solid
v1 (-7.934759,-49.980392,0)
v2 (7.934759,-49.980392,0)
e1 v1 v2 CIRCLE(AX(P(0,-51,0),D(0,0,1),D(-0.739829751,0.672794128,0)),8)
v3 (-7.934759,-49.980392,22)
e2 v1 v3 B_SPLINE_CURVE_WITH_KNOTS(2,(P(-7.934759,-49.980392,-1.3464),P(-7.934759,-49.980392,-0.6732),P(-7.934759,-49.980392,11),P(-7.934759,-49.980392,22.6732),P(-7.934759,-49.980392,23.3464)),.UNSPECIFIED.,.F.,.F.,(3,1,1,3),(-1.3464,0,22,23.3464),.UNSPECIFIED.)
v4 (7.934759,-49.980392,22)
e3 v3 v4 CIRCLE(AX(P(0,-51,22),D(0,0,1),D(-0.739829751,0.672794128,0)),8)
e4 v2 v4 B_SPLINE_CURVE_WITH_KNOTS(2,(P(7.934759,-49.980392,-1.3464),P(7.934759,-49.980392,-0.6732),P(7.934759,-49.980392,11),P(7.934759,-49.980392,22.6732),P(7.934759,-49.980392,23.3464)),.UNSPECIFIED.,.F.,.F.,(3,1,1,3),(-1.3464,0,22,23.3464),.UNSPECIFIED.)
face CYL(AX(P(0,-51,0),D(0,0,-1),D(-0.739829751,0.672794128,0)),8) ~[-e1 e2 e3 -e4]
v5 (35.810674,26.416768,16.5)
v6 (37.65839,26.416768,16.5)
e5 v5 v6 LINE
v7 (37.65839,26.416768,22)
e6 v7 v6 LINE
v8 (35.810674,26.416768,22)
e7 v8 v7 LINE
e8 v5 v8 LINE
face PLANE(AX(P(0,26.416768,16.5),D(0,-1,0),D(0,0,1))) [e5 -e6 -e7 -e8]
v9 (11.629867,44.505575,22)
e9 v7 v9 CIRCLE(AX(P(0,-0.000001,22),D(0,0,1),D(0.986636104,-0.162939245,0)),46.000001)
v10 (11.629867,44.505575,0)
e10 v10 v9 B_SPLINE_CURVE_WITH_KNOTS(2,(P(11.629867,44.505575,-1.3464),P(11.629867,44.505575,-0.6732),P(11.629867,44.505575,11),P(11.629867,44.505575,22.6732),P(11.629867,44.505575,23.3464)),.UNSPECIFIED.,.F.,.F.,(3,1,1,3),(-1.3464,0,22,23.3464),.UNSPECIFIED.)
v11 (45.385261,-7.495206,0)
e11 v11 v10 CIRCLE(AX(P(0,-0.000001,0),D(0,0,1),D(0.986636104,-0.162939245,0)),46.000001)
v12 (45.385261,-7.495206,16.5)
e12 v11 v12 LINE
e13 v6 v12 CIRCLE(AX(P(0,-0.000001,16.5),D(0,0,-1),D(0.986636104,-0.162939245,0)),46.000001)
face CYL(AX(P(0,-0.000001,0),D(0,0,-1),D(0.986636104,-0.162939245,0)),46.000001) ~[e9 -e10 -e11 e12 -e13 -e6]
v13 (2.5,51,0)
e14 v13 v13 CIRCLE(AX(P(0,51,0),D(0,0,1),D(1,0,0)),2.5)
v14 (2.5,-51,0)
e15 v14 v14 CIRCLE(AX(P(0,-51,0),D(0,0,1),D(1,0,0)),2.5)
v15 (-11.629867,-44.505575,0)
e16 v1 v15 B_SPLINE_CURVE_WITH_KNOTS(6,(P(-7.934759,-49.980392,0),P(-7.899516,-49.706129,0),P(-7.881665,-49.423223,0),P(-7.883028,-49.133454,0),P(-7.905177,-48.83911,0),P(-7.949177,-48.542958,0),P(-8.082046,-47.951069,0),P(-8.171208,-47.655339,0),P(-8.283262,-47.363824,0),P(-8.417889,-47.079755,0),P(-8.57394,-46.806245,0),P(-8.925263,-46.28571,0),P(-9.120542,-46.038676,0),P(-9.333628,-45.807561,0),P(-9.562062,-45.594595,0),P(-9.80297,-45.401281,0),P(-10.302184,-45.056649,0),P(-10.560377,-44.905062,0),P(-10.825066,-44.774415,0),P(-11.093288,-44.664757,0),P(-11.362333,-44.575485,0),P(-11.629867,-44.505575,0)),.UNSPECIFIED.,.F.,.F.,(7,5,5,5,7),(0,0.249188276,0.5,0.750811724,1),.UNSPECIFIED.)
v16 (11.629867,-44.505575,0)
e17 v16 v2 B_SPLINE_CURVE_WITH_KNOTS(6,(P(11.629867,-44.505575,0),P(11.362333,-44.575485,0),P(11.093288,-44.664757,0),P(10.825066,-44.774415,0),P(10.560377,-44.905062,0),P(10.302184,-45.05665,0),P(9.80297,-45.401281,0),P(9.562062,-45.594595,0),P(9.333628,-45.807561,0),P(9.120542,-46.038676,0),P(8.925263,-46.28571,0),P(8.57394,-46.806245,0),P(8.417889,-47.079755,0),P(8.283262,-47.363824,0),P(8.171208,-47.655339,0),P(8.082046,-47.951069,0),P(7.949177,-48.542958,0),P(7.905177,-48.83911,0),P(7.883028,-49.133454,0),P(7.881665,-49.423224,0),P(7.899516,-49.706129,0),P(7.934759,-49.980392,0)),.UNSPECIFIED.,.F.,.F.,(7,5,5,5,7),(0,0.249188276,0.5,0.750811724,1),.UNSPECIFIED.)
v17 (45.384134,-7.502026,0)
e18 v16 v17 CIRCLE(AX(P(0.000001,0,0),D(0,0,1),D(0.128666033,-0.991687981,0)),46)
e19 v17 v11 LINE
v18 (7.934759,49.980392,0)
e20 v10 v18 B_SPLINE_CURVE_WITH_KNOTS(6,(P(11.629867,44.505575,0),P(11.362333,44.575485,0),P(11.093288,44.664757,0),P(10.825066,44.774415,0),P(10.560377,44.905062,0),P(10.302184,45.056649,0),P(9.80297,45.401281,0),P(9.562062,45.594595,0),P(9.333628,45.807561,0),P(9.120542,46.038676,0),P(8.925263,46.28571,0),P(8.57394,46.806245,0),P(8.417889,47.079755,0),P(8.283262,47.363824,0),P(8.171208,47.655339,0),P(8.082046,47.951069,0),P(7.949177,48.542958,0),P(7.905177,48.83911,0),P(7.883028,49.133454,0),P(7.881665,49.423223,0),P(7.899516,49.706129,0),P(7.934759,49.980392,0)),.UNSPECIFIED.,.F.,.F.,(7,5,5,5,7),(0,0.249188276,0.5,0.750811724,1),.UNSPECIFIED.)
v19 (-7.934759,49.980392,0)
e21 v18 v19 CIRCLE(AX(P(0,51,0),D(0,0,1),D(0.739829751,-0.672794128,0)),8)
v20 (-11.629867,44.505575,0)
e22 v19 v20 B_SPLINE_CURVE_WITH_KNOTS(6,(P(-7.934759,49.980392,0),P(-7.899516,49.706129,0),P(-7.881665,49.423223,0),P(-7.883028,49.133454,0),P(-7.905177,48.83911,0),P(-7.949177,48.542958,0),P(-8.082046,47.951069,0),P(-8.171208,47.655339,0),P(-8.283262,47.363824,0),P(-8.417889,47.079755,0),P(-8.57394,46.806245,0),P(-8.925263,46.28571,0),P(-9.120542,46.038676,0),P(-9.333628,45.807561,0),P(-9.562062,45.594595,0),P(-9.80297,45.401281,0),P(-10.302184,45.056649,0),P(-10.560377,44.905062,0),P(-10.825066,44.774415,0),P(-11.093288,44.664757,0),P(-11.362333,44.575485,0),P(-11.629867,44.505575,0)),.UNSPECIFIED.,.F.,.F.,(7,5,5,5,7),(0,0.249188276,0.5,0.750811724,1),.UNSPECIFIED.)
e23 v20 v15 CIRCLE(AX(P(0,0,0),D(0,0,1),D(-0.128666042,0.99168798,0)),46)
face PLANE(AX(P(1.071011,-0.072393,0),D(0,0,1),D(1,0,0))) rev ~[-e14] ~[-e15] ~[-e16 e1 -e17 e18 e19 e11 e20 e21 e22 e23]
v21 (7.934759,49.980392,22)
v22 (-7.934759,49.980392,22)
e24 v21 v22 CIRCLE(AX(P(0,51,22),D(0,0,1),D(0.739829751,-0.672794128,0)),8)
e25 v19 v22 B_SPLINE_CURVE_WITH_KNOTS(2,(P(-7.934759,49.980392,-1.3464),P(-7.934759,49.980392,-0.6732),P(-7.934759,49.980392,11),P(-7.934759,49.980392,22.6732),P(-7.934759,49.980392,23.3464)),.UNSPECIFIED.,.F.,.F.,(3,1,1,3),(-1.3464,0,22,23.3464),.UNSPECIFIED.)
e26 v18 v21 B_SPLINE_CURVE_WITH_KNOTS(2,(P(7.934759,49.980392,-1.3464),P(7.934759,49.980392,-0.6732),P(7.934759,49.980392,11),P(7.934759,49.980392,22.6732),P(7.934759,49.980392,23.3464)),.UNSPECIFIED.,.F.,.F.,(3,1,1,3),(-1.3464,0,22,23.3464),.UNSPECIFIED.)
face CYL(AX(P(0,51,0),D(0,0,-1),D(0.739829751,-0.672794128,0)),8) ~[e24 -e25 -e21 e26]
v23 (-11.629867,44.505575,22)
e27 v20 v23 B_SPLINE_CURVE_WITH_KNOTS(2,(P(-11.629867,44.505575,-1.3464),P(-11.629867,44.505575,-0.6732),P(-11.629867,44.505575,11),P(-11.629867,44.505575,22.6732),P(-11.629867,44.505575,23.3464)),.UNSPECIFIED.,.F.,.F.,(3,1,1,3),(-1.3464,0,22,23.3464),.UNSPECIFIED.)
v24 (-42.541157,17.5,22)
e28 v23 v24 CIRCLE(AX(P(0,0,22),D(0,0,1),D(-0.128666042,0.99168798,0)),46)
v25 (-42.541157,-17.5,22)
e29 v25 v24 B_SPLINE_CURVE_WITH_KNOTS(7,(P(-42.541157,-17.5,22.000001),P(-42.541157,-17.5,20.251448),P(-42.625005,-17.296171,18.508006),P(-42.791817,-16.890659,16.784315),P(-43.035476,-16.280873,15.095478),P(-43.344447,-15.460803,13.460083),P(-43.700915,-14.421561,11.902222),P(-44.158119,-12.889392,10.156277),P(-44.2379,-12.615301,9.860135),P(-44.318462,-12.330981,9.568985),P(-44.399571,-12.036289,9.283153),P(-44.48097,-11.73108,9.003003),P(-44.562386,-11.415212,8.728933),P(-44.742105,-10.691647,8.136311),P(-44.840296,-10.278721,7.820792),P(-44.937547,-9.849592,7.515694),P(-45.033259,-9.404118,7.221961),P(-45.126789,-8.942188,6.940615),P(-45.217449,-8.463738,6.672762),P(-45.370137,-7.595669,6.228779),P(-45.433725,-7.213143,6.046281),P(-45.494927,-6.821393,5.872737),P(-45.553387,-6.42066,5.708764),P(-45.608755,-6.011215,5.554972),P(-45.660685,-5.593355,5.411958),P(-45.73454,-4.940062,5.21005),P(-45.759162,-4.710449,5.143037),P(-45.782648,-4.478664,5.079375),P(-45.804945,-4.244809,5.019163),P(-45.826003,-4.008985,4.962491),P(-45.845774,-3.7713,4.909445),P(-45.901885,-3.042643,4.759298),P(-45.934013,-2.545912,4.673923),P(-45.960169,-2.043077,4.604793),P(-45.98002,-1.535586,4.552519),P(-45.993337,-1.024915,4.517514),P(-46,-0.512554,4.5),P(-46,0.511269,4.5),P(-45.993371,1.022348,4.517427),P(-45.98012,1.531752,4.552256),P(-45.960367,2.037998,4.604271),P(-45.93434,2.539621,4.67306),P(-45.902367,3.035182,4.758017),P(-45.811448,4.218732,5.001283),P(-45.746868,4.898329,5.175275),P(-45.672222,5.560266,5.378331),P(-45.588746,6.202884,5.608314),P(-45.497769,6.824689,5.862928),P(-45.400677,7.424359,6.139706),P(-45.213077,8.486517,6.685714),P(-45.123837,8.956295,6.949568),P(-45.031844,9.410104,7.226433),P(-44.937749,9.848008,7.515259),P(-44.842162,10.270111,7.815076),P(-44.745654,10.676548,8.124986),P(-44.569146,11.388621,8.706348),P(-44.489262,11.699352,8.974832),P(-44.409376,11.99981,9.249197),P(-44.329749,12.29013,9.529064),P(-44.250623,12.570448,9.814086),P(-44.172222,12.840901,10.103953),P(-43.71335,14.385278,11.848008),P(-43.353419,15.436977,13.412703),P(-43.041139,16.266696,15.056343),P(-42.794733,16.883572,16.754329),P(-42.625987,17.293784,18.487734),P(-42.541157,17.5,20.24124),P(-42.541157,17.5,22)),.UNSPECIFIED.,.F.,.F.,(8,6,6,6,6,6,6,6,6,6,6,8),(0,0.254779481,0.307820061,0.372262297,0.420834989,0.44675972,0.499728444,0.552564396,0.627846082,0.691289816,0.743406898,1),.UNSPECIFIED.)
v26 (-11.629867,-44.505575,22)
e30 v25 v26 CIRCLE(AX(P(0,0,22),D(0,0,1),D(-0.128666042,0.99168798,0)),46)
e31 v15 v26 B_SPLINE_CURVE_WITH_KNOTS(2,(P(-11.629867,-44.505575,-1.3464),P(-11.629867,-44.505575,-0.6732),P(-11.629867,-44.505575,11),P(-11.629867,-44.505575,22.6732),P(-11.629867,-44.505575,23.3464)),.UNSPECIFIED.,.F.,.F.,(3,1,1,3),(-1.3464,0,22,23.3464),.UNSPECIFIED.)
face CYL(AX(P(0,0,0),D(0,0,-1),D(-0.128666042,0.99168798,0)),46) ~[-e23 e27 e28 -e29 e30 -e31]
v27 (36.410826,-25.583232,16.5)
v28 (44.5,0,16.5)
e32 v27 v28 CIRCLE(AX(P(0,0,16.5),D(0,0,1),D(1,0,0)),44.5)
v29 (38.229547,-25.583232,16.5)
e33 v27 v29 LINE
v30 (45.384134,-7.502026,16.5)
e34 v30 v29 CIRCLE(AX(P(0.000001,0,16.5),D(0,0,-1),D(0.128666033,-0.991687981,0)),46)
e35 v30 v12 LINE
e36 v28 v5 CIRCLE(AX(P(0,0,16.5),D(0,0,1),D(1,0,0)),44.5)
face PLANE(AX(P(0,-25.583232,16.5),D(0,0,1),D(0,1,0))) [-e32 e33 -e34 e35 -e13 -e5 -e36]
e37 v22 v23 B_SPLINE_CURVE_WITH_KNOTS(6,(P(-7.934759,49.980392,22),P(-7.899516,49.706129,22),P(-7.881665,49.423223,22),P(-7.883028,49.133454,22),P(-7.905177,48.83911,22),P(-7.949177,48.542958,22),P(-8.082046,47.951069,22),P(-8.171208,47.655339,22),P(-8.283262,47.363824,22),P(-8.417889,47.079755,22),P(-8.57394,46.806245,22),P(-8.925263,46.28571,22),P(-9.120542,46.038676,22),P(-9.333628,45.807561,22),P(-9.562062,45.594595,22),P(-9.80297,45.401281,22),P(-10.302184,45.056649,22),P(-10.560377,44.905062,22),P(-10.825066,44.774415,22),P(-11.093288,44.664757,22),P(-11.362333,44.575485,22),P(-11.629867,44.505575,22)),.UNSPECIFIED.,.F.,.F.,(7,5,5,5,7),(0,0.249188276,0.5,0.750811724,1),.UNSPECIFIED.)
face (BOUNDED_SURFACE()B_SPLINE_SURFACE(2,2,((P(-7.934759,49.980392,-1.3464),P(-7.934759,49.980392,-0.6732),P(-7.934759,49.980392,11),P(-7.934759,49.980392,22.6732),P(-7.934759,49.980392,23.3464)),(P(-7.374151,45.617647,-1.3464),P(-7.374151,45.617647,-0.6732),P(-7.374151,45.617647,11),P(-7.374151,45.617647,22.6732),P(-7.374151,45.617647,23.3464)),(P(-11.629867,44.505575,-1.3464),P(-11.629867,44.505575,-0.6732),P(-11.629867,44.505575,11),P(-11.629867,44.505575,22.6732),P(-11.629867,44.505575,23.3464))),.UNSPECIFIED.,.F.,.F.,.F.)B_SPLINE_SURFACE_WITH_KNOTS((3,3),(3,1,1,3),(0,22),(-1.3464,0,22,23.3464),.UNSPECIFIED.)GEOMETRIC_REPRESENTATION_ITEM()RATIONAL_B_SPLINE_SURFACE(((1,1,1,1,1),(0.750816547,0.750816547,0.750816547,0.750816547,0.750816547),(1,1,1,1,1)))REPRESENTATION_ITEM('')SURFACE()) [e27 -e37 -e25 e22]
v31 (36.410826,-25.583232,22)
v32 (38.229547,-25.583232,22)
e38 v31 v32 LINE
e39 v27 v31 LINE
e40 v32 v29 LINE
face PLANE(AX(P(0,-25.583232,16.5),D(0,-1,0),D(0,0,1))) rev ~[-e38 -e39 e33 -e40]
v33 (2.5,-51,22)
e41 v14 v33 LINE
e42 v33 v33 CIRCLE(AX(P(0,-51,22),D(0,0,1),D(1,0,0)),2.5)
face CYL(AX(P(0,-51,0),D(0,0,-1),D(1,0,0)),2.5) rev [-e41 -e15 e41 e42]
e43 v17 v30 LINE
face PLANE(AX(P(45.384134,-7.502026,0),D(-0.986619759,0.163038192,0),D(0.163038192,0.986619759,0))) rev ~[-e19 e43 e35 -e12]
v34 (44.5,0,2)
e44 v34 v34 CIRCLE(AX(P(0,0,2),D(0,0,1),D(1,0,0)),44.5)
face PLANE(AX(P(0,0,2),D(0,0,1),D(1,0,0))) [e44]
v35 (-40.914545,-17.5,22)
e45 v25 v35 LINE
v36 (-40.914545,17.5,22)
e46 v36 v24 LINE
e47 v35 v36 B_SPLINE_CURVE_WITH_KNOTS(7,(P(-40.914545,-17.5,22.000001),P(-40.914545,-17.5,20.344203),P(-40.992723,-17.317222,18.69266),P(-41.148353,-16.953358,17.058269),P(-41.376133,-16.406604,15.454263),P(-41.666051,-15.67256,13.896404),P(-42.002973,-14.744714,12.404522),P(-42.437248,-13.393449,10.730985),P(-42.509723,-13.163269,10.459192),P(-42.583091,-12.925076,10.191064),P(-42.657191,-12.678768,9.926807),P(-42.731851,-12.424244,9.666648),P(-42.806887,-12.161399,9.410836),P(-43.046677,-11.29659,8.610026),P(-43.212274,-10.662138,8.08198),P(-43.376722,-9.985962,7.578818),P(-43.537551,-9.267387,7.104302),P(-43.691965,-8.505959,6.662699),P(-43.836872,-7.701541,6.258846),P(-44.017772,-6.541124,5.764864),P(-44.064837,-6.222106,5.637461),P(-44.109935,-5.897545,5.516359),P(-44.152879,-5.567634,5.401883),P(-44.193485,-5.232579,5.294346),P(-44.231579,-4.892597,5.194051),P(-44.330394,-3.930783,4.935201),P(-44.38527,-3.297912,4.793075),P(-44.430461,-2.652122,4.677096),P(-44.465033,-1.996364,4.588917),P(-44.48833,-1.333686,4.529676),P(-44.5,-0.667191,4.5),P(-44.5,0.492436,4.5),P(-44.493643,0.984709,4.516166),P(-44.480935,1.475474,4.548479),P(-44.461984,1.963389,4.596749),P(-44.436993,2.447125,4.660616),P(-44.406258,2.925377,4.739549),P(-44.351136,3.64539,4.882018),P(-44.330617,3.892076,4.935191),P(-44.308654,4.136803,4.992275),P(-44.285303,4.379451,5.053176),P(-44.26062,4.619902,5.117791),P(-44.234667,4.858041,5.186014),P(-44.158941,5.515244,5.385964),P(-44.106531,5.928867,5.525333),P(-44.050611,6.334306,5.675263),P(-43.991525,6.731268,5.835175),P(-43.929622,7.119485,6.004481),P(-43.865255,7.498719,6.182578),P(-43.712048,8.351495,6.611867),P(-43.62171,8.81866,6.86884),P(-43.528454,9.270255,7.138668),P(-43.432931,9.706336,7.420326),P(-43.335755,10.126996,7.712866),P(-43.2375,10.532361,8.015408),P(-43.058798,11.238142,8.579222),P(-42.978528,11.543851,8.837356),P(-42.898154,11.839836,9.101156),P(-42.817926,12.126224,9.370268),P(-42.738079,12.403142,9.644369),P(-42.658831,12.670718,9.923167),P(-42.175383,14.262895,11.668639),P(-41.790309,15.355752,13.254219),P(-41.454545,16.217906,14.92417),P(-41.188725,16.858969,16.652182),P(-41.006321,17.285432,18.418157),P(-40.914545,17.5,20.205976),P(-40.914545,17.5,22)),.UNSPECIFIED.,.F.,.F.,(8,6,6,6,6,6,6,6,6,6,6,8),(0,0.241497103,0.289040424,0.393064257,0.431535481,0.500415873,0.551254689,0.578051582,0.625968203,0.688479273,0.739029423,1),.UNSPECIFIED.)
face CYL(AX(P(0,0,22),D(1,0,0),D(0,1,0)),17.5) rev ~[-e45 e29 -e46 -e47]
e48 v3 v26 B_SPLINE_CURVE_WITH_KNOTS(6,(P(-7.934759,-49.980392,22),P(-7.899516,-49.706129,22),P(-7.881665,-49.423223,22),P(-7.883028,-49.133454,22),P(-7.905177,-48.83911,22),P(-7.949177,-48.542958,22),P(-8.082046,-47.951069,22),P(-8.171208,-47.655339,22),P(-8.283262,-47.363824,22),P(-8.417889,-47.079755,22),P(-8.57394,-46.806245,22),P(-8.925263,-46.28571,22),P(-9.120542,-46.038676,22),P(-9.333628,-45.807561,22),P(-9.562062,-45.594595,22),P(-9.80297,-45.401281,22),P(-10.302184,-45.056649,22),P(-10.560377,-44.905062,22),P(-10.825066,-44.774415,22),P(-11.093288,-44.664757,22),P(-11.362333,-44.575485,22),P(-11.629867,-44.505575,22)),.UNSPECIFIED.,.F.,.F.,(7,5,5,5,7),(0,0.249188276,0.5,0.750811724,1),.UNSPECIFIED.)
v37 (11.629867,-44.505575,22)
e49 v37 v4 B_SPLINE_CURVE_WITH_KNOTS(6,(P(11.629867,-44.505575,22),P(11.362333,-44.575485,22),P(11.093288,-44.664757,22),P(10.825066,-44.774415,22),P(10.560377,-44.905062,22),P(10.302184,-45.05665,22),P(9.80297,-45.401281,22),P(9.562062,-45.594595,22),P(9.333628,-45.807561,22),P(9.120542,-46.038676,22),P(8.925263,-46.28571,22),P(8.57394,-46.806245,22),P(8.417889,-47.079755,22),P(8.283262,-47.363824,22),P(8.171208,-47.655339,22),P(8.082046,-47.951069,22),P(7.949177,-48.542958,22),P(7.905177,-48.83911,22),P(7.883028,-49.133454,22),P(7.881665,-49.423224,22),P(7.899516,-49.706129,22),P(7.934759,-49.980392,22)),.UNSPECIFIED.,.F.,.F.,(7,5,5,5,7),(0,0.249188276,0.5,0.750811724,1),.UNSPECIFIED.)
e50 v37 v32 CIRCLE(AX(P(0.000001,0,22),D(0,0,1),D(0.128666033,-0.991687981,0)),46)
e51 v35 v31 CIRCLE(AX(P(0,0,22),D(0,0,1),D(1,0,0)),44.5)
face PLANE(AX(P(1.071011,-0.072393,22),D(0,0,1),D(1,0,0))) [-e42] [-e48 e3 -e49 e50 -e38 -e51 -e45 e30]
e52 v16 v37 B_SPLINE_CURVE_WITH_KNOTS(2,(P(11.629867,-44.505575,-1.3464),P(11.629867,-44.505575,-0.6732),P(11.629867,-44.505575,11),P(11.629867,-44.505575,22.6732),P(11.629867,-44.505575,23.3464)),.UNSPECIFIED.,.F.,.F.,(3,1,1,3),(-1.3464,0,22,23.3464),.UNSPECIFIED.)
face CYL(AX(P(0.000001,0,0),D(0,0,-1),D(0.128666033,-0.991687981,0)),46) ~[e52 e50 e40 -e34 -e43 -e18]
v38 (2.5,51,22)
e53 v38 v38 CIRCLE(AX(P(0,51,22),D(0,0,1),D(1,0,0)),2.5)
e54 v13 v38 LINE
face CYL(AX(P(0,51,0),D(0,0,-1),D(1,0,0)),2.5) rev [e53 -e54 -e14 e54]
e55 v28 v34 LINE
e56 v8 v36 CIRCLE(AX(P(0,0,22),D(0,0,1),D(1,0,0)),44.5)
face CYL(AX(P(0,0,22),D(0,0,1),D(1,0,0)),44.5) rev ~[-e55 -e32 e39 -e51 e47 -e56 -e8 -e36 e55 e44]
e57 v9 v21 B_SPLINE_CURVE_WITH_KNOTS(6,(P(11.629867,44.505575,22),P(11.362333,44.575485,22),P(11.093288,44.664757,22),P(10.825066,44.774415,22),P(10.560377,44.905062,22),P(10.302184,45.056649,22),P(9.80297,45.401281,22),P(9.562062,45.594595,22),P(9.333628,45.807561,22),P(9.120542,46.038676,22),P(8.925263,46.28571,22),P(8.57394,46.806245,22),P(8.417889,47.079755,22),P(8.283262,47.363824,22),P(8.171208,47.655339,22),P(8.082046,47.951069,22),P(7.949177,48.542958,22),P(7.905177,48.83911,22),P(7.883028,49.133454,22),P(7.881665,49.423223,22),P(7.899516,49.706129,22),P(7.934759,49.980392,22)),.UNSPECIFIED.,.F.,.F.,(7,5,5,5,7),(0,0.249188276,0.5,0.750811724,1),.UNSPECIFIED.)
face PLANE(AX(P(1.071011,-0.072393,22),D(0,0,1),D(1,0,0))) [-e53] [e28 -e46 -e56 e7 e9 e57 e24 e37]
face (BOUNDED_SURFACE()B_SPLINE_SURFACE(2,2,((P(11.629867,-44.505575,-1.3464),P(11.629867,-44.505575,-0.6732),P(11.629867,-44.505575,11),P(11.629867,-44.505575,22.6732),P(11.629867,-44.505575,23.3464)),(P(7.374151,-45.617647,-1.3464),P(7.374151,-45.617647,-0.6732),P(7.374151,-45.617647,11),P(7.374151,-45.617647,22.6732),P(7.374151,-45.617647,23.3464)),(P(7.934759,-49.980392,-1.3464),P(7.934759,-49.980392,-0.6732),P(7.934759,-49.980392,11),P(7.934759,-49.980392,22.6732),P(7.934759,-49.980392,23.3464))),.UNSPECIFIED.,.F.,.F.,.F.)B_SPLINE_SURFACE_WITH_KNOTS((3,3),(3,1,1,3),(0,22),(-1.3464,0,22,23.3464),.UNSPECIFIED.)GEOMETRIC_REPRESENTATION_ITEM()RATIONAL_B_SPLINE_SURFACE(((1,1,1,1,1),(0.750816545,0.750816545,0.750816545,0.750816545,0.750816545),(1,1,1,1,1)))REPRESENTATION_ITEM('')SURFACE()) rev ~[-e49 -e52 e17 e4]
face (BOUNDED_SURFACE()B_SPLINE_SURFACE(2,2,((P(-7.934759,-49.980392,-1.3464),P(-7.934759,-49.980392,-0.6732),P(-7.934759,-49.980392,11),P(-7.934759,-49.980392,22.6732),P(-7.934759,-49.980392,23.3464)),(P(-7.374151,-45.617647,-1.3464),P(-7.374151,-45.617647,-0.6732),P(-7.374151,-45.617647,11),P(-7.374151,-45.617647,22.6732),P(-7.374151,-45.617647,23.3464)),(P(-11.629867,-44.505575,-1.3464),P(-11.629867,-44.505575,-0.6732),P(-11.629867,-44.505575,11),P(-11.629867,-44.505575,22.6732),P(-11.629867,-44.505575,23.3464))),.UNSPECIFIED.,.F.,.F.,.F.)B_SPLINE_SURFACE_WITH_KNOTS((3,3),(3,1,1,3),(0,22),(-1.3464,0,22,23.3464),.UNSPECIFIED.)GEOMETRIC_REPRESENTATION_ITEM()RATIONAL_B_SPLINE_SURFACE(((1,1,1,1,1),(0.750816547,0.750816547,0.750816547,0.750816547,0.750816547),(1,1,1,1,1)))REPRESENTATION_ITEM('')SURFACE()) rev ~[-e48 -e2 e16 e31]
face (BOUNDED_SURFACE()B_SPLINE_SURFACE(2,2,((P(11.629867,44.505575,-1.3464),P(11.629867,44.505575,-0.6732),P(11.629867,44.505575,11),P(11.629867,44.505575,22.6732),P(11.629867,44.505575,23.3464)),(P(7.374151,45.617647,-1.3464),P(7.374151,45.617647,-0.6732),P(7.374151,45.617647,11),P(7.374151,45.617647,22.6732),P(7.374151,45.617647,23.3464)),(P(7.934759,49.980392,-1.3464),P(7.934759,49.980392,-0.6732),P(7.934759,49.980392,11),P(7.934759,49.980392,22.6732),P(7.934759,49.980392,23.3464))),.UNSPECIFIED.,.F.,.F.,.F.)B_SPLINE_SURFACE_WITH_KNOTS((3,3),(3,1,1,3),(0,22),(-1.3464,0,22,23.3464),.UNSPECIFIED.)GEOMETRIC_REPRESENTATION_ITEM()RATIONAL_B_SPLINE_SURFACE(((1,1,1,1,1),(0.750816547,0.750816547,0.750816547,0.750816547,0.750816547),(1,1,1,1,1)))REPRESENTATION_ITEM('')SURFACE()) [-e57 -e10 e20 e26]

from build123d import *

# Parameters (mm, degrees)
F0_R     = 2.5
F1_DEPTH = 22
F3_W     = 52
F3_H     = 5.5
F4_DEPTH = 115.138352
F5_R     = 44.5
F6_DEPTH = 20
F2_R     = 17.5
F7_DEPTH = 60.93917
F8_R     = 5


with BuildPart() as f1:
    # F0 (on Top) → F1 (new body)
    with BuildSketch(Plane.XY):
        with BuildLine():
            Line((45.384134, -7.502026), (45.385261, -7.495206))
            ThreePointArc((45.385261, -7.495206), (36.922436, 27.435993), (5.918638, 45.617647))
            ThreePointArc((5.918638, 45.617647), (0, 59), (-5.918638, 45.617647))
            ThreePointArc((-5.918638, 45.617647), (-46, 0), (-5.918638, -45.617647))
            ThreePointArc((-5.918638, -45.617647), (0, -59), (5.918638, -45.617647))
            ThreePointArc((5.918638, -45.617647), (31.956122, -33.087857), (45.384134, -7.502026))
        make_face()
        with Locations((0, -51)):
            Circle(F0_R, mode=Mode.SUBTRACT)
        with Locations((0, 51)):
            Circle(F0_R, mode=Mode.SUBTRACT)
    extrude(amount=F1_DEPTH)

    # F3 (on Right) → F4 (cut)
    with BuildSketch(Plane.YZ):
        with Locations((0.416768, 19.25)):
            Rectangle(F3_W, F3_H)
    extrude(amount=F4_DEPTH, mode=Mode.SUBTRACT)

    # F5 (on face) → F6 (cut)
    with BuildSketch(Plane.XY.offset(22)):
        Circle(F5_R)
    extrude(amount=-F6_DEPTH, mode=Mode.SUBTRACT)

    # F2 (on Right) → F7 (cut)
    with BuildSketch(Plane.YZ):
        with Locations((0, 22)):
            Circle(F2_R)
    extrude(amount=-F7_DEPTH, mode=Mode.SUBTRACT)

    # F8
    f8_edges = [f1.edges().sort_by_distance(p)[0] for p in [
        (-5.918638, -45.617647, 11),
        (5.918638, -45.617647, 11),
        (5.918638, 45.617647, 11),
        (-5.918638, 45.617647, 11),
    ]]
    fillet(f8_edges, radius=F8_R)


solid = f1.part
